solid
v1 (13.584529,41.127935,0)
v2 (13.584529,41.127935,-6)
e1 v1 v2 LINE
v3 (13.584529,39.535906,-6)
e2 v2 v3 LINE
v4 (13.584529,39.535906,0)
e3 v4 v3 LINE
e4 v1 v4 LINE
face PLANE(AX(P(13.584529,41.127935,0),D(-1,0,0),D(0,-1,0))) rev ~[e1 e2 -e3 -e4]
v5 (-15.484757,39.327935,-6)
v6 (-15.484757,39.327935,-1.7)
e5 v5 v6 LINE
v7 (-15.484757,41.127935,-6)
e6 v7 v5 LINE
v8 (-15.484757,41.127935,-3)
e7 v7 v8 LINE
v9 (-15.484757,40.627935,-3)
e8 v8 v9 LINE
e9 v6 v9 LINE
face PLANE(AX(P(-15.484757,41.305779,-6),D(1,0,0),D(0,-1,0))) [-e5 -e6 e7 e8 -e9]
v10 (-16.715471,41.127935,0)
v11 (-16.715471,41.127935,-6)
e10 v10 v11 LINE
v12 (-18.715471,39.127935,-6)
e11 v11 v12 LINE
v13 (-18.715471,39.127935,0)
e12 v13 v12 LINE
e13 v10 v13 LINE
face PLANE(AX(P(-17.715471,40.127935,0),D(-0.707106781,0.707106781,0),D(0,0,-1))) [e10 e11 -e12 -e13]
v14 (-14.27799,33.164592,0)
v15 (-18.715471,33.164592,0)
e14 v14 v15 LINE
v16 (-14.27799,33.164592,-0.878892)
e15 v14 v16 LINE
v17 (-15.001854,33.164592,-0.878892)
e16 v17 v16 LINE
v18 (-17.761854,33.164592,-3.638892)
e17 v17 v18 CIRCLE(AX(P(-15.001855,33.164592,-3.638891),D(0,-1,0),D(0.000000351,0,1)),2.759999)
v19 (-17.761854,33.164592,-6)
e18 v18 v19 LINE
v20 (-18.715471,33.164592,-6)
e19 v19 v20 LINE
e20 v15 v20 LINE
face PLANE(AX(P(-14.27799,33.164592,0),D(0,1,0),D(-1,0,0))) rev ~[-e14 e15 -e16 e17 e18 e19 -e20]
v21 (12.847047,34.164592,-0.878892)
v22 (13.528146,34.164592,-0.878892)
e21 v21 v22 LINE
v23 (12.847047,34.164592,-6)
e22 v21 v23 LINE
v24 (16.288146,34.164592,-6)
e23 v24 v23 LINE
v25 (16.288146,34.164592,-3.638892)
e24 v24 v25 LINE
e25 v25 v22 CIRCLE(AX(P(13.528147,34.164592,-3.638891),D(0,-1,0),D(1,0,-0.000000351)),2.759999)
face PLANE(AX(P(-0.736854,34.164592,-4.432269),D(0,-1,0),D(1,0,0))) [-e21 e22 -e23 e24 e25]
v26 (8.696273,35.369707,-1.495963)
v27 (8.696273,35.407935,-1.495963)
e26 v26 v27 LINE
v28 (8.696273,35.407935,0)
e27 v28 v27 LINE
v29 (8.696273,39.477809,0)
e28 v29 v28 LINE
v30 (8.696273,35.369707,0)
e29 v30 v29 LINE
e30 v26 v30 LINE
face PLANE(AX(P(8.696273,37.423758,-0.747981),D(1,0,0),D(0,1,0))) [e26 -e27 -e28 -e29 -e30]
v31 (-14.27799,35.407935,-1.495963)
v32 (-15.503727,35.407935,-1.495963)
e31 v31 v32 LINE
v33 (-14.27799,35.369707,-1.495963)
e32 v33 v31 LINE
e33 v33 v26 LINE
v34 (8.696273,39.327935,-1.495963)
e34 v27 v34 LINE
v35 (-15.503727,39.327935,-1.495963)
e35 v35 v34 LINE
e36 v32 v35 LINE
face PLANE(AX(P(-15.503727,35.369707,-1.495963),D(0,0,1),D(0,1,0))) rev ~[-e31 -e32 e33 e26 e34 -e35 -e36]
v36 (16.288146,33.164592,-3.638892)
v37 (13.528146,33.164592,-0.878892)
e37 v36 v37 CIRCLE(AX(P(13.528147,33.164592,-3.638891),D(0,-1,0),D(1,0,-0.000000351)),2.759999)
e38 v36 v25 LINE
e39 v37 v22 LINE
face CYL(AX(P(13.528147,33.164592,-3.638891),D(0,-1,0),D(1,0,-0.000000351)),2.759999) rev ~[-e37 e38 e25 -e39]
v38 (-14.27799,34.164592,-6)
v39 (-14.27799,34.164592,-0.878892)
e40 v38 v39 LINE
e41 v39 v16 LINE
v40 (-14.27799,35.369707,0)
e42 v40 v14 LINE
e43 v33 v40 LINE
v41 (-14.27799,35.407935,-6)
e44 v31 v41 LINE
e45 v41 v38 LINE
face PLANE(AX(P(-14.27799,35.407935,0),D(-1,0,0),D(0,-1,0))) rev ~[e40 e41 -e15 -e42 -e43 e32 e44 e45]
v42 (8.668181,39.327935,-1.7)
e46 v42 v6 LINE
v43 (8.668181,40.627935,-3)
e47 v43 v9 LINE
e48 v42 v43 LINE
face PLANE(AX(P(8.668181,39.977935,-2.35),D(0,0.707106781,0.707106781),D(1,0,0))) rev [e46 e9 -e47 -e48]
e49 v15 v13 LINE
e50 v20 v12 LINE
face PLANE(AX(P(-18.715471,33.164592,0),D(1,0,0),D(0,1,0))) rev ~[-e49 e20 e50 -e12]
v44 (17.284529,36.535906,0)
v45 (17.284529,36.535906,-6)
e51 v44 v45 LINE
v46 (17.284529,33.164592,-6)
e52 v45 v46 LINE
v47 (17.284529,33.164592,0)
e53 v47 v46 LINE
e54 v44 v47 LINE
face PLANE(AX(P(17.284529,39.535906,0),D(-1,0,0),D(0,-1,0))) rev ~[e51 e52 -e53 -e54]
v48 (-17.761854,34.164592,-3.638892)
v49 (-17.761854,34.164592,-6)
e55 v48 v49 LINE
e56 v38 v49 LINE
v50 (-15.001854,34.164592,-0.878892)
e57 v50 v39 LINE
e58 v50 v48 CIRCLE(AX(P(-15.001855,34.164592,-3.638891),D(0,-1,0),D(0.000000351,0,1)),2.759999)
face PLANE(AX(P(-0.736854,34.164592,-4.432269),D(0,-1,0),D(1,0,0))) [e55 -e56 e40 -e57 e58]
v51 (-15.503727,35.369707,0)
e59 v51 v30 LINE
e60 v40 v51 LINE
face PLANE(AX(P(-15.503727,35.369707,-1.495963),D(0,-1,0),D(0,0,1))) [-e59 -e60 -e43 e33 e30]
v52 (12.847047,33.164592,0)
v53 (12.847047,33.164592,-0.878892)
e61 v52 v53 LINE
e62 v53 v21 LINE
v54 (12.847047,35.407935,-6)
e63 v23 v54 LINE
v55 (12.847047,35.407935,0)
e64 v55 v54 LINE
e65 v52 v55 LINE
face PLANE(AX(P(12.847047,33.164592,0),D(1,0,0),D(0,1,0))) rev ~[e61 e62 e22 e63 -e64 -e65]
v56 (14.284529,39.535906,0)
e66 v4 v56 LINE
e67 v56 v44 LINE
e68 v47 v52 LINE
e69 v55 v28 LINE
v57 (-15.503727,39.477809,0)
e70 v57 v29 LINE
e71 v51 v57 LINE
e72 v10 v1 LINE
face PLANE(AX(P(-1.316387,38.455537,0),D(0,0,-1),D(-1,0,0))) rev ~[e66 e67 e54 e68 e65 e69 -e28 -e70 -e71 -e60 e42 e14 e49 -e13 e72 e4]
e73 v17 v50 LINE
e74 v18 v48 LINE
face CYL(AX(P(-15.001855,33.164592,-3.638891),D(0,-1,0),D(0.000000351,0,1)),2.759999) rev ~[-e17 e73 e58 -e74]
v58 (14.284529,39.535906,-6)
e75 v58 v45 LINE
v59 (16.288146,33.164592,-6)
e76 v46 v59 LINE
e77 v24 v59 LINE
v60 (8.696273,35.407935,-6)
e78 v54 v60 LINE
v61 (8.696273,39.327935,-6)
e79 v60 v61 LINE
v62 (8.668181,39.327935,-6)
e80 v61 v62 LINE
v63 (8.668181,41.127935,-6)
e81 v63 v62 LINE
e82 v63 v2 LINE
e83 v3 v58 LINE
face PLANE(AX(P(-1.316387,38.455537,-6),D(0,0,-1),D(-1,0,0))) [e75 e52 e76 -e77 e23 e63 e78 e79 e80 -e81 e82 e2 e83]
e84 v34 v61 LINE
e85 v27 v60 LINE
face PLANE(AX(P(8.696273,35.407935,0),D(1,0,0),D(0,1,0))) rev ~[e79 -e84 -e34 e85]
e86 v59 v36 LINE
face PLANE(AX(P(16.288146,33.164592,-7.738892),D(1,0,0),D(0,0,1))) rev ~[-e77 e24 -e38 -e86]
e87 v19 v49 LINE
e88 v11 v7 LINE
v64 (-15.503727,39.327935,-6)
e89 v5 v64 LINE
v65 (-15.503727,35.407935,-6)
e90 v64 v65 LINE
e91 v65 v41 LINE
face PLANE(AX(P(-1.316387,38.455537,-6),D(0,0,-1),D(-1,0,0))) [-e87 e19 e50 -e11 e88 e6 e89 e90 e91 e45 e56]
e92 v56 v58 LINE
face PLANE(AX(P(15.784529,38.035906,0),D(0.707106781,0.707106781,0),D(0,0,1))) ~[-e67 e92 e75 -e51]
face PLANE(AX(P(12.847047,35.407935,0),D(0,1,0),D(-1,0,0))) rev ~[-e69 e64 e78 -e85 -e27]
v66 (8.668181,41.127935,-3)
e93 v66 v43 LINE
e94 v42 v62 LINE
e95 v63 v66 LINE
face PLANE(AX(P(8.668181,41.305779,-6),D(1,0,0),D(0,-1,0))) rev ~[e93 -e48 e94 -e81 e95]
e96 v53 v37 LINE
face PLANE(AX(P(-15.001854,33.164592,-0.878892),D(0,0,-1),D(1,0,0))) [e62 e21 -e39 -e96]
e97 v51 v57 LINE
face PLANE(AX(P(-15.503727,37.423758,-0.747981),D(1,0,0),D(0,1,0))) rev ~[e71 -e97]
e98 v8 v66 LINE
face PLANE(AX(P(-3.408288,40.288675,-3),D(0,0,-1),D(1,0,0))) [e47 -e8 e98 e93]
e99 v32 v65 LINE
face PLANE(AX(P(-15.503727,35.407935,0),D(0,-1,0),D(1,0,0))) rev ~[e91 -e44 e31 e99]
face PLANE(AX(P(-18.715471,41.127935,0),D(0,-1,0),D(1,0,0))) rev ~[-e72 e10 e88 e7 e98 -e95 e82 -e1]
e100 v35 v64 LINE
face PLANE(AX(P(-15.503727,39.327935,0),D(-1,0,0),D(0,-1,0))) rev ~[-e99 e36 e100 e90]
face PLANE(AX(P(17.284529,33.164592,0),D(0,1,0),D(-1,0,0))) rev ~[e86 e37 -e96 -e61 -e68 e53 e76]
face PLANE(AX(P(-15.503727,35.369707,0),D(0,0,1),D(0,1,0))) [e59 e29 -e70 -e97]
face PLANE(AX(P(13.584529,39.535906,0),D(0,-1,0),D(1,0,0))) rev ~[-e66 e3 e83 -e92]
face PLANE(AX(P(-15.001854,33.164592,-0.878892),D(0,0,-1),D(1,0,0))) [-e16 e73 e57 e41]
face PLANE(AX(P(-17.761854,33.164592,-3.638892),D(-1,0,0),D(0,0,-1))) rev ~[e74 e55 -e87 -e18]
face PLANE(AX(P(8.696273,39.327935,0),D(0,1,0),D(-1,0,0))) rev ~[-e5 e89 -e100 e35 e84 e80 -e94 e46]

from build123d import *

# Parameters (mm, degrees)
PAD058_DEPTH    = 6
SKETCH116_W     = 24.152938
SKETCH116_H     = 2.034207
POCKET050_DEPTH = 3
CHAMFER024_SIZE = 1.3
POCKET051_DEPTH = 1
CHAMFER025_SIZE = 3
CHAMFER026_SIZE = 2
SKETCH118_W     = 4.108101
SKETCH118_H     = 1.495963
PAD059_DEPTH    = 24.2


with BuildPart() as part:
    # Sketch114 → Pad058 (new body)
    with BuildSketch(Plane.XY):
        Polygon((-15.503727, 39.327935), (-15.503727, 35.407935), (-14.27799, 35.407935), (-14.27799, 33.164592), (-18.715471, 33.164592), (-18.715471, 41.127935), (13.584529, 41.127935), (13.584529, 39.535906), (17.284529, 39.535906), (17.284529, 33.164592), (12.847047, 33.164592), (12.847047, 35.407935), (8.696273, 35.407935), (8.696273, 39.327935), align=None)
    extrude(amount=-PAD058_DEPTH)

    # Sketch116 (on Face16 of Pad058) → Pocket050 (cut)
    with BuildSketch(Plane(origin=(0, 0, -6), x_dir=(1, 0, 0), z_dir=(0, 0, -1))):
        with Locations((-3.408288, -40.288675)):
            Rectangle(SKETCH116_W, SKETCH116_H)
    extrude(amount=-POCKET050_DEPTH, mode=Mode.SUBTRACT)

    # Chamfer024
    chamfer024_edges = [part.edges().sort_by_distance(p)[0] for p in [
        (-3.408288, 39.327935, -3),
    ]]
    chamfer(chamfer024_edges, length=CHAMFER024_SIZE)

    # Sketch117 (on Face19 of Chamfer024) → Pocket051 (cut)
    with BuildSketch(Plane.XZ.offset(-33.164592)):
        with BuildLine():
            ThreePointArc((-15.001854, -0.878892), (-16.953469, -1.687277), (-17.761854, -3.638892))
            Line((-17.761854, -3.638892), (-17.761854, -7.738892))
            Line((-17.761854, -7.738892), (16.288146, -7.738892))
            Line((16.288146, -7.738892), (16.288146, -3.638892))
            ThreePointArc((16.288146, -3.638892), (15.479761, -1.687277), (13.528146, -0.878892))
            Line((-15.001854, -0.878892), (13.528146, -0.878892))
        make_face()
    extrude(amount=-POCKET051_DEPTH, mode=Mode.SUBTRACT)

    # Chamfer025
    chamfer025_edges = [part.edges().sort_by_distance(p)[0] for p in [
        (17.284529, 39.535906, -3),
    ]]
    chamfer(chamfer025_edges, length=CHAMFER025_SIZE)

    # Chamfer026
    chamfer026_edges = [part.edges().sort_by_distance(p)[0] for p in [
        (-18.715471, 41.127935, -3),
    ]]
    chamfer(chamfer026_edges, length=CHAMFER026_SIZE)

    # Sketch118 (on Face13 of Chamfer026) → Pad059 (join)
    with BuildSketch(Plane.YZ.offset(-15.503727)):
        with Locations((37.423758, -0.747981)):
            Rectangle(SKETCH118_W, SKETCH118_H)
    extrude(amount=PAD059_DEPTH)


solid = part.part
